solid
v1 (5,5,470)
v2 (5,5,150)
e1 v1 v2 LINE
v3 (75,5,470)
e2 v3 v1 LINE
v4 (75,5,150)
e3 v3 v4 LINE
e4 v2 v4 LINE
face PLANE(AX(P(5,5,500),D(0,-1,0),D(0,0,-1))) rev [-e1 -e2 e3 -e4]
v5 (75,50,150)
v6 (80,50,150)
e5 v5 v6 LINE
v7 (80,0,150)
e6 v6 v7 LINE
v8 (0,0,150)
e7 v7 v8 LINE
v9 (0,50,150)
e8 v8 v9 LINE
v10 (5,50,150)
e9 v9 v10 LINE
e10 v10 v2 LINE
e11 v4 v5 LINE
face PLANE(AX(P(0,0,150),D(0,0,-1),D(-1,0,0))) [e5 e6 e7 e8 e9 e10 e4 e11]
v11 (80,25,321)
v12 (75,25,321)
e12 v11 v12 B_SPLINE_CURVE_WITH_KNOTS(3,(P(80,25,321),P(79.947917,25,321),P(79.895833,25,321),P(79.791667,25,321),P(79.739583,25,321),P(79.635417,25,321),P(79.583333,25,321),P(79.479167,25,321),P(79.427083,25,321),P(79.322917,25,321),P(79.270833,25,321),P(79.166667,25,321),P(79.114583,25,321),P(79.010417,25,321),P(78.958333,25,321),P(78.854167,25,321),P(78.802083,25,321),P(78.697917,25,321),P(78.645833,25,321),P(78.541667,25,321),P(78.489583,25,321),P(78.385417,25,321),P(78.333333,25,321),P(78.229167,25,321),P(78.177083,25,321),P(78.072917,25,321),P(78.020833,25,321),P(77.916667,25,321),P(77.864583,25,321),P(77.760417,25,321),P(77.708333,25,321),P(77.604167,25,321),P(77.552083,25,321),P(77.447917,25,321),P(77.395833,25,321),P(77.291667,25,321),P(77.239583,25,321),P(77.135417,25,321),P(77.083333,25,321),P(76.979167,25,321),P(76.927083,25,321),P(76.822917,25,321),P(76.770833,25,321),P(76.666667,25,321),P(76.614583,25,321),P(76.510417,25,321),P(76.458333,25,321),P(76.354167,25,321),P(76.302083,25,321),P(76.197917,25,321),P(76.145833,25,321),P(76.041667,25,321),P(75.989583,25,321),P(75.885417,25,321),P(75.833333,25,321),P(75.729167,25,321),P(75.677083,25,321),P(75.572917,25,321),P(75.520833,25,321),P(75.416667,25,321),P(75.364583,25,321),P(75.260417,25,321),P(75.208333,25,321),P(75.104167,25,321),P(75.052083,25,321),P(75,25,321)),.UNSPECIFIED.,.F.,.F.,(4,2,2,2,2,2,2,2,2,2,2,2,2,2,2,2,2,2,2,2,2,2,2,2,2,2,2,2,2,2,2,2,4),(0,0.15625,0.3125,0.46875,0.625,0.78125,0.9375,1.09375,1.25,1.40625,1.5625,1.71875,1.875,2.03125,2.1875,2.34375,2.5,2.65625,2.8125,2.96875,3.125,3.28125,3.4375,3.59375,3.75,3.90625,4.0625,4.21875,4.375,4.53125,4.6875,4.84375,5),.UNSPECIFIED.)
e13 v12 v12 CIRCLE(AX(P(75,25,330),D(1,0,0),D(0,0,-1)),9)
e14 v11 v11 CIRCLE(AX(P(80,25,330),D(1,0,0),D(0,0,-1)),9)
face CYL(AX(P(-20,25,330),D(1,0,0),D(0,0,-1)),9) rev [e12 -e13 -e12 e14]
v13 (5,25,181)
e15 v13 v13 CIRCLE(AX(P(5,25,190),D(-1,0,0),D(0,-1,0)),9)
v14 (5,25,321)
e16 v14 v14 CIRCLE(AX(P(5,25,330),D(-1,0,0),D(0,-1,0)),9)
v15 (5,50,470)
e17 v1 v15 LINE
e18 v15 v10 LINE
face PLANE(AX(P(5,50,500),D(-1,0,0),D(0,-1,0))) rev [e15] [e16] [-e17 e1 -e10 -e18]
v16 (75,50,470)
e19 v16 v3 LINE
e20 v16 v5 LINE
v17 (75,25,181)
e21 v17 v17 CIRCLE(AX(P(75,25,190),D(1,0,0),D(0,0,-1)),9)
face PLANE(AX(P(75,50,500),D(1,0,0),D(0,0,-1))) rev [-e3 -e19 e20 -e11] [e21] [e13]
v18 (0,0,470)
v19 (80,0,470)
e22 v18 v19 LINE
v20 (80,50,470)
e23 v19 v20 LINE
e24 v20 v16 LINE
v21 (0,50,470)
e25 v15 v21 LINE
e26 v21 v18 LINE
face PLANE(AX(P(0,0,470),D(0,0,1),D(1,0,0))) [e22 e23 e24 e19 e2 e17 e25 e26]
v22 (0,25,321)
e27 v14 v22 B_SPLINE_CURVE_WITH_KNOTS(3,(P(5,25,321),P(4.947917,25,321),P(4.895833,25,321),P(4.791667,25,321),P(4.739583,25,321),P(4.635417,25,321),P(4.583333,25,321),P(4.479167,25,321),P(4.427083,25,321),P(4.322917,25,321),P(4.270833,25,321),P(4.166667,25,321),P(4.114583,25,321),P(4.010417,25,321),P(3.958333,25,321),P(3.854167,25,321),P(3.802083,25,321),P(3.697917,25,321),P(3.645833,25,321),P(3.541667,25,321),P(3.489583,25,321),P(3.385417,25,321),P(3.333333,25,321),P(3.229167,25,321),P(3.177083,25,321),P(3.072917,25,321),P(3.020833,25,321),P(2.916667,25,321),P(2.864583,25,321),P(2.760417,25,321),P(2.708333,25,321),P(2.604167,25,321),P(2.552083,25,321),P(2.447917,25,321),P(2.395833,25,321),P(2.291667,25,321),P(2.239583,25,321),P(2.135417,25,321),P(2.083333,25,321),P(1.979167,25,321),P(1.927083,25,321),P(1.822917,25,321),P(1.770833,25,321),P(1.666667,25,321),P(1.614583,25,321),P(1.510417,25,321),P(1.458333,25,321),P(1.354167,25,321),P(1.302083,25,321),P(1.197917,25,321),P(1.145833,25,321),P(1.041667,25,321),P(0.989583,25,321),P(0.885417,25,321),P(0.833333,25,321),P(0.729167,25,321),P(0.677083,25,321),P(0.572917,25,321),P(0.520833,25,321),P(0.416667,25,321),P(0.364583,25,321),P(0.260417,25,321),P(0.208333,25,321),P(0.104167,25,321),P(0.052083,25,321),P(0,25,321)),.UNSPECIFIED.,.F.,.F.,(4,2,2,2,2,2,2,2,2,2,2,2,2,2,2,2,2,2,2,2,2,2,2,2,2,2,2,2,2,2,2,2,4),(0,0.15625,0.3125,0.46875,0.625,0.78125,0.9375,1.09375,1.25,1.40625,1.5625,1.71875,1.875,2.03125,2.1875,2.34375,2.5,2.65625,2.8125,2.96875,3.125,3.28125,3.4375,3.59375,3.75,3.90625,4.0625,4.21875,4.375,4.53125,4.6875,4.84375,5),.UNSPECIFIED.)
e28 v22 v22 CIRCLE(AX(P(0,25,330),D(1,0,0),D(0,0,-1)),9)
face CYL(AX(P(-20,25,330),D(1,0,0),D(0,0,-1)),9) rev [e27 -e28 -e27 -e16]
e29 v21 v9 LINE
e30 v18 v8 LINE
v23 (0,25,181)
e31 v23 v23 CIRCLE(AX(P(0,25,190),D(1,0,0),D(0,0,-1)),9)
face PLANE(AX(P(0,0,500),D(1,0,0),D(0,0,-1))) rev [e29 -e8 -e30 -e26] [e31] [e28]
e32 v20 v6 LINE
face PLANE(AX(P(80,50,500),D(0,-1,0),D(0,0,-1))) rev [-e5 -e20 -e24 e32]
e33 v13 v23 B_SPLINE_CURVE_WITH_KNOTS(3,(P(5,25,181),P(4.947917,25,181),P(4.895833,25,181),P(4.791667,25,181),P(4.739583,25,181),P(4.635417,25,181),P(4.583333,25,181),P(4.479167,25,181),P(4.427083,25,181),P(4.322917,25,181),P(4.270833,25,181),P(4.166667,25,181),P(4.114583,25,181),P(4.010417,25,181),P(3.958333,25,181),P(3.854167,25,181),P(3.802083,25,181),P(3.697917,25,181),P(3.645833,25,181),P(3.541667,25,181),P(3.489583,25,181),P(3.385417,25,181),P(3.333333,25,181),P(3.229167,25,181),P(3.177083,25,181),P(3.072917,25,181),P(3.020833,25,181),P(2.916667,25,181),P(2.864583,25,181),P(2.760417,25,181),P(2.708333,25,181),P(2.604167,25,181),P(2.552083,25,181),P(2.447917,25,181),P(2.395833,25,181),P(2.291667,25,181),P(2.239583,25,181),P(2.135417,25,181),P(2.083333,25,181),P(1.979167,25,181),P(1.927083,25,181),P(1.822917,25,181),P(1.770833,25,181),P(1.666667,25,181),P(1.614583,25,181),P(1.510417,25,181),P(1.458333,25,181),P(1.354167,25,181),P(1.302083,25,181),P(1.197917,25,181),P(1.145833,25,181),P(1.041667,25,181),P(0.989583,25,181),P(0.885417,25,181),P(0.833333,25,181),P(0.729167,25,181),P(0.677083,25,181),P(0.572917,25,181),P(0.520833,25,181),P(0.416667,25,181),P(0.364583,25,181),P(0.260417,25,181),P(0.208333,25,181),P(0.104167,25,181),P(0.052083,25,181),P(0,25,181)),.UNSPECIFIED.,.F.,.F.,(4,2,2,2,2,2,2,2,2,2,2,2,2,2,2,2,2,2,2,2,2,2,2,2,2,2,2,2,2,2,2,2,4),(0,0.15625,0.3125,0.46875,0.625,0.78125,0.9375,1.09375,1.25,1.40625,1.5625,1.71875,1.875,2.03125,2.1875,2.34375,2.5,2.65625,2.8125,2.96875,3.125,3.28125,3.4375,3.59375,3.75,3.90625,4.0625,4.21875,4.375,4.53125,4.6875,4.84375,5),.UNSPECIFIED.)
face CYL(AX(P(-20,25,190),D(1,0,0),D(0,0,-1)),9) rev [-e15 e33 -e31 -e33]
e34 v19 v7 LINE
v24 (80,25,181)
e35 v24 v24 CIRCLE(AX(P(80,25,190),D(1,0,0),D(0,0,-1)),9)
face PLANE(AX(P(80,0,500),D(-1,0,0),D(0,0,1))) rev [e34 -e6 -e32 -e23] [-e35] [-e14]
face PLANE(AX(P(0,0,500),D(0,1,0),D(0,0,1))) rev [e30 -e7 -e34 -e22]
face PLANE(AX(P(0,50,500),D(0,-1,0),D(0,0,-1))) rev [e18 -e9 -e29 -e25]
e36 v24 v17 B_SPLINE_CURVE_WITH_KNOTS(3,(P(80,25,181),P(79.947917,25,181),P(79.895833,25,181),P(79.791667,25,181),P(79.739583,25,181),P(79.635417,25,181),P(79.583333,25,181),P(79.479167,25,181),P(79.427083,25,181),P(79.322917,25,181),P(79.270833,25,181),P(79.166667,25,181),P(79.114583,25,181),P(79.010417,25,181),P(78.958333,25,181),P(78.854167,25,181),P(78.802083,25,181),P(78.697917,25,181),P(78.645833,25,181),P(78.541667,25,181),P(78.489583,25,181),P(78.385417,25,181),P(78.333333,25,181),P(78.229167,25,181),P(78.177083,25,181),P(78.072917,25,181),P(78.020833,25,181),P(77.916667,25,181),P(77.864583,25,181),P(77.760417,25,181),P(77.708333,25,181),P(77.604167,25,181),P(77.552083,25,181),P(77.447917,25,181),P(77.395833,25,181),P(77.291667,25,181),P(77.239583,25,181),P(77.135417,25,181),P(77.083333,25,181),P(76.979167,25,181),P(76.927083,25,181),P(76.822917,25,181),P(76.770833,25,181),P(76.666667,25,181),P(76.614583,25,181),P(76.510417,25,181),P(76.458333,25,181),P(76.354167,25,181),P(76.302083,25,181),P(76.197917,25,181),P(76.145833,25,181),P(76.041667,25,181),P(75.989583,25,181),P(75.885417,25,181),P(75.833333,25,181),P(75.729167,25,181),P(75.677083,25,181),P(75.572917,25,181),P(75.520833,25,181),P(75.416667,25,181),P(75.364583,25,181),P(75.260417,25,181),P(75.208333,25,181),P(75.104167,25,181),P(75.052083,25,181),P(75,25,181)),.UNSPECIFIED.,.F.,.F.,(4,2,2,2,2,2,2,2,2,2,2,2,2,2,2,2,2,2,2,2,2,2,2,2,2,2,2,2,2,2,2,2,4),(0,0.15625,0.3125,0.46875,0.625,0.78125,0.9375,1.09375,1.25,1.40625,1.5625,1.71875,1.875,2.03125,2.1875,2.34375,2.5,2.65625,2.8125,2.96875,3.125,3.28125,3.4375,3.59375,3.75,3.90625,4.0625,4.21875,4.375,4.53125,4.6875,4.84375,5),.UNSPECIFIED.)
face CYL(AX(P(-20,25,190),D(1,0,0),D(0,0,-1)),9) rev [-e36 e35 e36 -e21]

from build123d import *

# Parameters (mm, degrees)
Y_KSEKLIK_EKSTR_ZYON1_DEPTH = 500
IZIM2_R                     = 9
KES_EKSTR_ZYON1_DEPTH       = 100
KES_EKSTR_ZYON3_DEPTH       = 150
KES_EKSTR_ZYON4_DEPTH       = 30


with BuildPart() as part:
    # Çizim1 → Yükseklik-Ekstrüzyon1 (new body)
    with BuildSketch(Plane.XY):
        Polygon((0, 0), (80, 0), (80, 50), (75, 50), (75, 5), (5, 5), (5, 50), (0, 50), align=None)
    extrude(amount=Y_KSEKLIK_EKSTR_ZYON1_DEPTH)

    # Çizim2 → Kes-Ekstrüzyon1 (cut)
    with BuildSketch(Plane(origin=(80, 0, 0), x_dir=(0, 0, -1), z_dir=(1, 0, 0))):
        with Locations((-330, 25)):
            Circle(IZIM2_R)
        with Locations((-190, 25)):
            Circle(IZIM2_R)
    extrude(amount=-KES_EKSTR_ZYON1_DEPTH, mode=Mode.SUBTRACT)

    # Çizim4 → Kes-Ekstrüzyon3 (cut)
    with BuildSketch(Plane(origin=(0, 0, 0), x_dir=(-1, 0, 0), z_dir=(0, 0, -1))):
        Polygon((0, 0), (0, 50), (-5, 50), (-5, 5), (-75, 5), (-75, 50), (-80, 50), (-80, 0), align=None)
    extrude(amount=-KES_EKSTR_ZYON3_DEPTH, mode=Mode.SUBTRACT)

    # Çizim5 → Kes-Ekstrüzyon4 (cut)
    with BuildSketch(Plane.XY.offset(500)):
        Polygon((0, 50), (0, 0), (80, 0), (80, 50), (75, 50), (75, 5), (5, 5), (5, 50), align=None)
    extrude(amount=-KES_EKSTR_ZYON4_DEPTH, mode=Mode.SUBTRACT)


solid = part.part
